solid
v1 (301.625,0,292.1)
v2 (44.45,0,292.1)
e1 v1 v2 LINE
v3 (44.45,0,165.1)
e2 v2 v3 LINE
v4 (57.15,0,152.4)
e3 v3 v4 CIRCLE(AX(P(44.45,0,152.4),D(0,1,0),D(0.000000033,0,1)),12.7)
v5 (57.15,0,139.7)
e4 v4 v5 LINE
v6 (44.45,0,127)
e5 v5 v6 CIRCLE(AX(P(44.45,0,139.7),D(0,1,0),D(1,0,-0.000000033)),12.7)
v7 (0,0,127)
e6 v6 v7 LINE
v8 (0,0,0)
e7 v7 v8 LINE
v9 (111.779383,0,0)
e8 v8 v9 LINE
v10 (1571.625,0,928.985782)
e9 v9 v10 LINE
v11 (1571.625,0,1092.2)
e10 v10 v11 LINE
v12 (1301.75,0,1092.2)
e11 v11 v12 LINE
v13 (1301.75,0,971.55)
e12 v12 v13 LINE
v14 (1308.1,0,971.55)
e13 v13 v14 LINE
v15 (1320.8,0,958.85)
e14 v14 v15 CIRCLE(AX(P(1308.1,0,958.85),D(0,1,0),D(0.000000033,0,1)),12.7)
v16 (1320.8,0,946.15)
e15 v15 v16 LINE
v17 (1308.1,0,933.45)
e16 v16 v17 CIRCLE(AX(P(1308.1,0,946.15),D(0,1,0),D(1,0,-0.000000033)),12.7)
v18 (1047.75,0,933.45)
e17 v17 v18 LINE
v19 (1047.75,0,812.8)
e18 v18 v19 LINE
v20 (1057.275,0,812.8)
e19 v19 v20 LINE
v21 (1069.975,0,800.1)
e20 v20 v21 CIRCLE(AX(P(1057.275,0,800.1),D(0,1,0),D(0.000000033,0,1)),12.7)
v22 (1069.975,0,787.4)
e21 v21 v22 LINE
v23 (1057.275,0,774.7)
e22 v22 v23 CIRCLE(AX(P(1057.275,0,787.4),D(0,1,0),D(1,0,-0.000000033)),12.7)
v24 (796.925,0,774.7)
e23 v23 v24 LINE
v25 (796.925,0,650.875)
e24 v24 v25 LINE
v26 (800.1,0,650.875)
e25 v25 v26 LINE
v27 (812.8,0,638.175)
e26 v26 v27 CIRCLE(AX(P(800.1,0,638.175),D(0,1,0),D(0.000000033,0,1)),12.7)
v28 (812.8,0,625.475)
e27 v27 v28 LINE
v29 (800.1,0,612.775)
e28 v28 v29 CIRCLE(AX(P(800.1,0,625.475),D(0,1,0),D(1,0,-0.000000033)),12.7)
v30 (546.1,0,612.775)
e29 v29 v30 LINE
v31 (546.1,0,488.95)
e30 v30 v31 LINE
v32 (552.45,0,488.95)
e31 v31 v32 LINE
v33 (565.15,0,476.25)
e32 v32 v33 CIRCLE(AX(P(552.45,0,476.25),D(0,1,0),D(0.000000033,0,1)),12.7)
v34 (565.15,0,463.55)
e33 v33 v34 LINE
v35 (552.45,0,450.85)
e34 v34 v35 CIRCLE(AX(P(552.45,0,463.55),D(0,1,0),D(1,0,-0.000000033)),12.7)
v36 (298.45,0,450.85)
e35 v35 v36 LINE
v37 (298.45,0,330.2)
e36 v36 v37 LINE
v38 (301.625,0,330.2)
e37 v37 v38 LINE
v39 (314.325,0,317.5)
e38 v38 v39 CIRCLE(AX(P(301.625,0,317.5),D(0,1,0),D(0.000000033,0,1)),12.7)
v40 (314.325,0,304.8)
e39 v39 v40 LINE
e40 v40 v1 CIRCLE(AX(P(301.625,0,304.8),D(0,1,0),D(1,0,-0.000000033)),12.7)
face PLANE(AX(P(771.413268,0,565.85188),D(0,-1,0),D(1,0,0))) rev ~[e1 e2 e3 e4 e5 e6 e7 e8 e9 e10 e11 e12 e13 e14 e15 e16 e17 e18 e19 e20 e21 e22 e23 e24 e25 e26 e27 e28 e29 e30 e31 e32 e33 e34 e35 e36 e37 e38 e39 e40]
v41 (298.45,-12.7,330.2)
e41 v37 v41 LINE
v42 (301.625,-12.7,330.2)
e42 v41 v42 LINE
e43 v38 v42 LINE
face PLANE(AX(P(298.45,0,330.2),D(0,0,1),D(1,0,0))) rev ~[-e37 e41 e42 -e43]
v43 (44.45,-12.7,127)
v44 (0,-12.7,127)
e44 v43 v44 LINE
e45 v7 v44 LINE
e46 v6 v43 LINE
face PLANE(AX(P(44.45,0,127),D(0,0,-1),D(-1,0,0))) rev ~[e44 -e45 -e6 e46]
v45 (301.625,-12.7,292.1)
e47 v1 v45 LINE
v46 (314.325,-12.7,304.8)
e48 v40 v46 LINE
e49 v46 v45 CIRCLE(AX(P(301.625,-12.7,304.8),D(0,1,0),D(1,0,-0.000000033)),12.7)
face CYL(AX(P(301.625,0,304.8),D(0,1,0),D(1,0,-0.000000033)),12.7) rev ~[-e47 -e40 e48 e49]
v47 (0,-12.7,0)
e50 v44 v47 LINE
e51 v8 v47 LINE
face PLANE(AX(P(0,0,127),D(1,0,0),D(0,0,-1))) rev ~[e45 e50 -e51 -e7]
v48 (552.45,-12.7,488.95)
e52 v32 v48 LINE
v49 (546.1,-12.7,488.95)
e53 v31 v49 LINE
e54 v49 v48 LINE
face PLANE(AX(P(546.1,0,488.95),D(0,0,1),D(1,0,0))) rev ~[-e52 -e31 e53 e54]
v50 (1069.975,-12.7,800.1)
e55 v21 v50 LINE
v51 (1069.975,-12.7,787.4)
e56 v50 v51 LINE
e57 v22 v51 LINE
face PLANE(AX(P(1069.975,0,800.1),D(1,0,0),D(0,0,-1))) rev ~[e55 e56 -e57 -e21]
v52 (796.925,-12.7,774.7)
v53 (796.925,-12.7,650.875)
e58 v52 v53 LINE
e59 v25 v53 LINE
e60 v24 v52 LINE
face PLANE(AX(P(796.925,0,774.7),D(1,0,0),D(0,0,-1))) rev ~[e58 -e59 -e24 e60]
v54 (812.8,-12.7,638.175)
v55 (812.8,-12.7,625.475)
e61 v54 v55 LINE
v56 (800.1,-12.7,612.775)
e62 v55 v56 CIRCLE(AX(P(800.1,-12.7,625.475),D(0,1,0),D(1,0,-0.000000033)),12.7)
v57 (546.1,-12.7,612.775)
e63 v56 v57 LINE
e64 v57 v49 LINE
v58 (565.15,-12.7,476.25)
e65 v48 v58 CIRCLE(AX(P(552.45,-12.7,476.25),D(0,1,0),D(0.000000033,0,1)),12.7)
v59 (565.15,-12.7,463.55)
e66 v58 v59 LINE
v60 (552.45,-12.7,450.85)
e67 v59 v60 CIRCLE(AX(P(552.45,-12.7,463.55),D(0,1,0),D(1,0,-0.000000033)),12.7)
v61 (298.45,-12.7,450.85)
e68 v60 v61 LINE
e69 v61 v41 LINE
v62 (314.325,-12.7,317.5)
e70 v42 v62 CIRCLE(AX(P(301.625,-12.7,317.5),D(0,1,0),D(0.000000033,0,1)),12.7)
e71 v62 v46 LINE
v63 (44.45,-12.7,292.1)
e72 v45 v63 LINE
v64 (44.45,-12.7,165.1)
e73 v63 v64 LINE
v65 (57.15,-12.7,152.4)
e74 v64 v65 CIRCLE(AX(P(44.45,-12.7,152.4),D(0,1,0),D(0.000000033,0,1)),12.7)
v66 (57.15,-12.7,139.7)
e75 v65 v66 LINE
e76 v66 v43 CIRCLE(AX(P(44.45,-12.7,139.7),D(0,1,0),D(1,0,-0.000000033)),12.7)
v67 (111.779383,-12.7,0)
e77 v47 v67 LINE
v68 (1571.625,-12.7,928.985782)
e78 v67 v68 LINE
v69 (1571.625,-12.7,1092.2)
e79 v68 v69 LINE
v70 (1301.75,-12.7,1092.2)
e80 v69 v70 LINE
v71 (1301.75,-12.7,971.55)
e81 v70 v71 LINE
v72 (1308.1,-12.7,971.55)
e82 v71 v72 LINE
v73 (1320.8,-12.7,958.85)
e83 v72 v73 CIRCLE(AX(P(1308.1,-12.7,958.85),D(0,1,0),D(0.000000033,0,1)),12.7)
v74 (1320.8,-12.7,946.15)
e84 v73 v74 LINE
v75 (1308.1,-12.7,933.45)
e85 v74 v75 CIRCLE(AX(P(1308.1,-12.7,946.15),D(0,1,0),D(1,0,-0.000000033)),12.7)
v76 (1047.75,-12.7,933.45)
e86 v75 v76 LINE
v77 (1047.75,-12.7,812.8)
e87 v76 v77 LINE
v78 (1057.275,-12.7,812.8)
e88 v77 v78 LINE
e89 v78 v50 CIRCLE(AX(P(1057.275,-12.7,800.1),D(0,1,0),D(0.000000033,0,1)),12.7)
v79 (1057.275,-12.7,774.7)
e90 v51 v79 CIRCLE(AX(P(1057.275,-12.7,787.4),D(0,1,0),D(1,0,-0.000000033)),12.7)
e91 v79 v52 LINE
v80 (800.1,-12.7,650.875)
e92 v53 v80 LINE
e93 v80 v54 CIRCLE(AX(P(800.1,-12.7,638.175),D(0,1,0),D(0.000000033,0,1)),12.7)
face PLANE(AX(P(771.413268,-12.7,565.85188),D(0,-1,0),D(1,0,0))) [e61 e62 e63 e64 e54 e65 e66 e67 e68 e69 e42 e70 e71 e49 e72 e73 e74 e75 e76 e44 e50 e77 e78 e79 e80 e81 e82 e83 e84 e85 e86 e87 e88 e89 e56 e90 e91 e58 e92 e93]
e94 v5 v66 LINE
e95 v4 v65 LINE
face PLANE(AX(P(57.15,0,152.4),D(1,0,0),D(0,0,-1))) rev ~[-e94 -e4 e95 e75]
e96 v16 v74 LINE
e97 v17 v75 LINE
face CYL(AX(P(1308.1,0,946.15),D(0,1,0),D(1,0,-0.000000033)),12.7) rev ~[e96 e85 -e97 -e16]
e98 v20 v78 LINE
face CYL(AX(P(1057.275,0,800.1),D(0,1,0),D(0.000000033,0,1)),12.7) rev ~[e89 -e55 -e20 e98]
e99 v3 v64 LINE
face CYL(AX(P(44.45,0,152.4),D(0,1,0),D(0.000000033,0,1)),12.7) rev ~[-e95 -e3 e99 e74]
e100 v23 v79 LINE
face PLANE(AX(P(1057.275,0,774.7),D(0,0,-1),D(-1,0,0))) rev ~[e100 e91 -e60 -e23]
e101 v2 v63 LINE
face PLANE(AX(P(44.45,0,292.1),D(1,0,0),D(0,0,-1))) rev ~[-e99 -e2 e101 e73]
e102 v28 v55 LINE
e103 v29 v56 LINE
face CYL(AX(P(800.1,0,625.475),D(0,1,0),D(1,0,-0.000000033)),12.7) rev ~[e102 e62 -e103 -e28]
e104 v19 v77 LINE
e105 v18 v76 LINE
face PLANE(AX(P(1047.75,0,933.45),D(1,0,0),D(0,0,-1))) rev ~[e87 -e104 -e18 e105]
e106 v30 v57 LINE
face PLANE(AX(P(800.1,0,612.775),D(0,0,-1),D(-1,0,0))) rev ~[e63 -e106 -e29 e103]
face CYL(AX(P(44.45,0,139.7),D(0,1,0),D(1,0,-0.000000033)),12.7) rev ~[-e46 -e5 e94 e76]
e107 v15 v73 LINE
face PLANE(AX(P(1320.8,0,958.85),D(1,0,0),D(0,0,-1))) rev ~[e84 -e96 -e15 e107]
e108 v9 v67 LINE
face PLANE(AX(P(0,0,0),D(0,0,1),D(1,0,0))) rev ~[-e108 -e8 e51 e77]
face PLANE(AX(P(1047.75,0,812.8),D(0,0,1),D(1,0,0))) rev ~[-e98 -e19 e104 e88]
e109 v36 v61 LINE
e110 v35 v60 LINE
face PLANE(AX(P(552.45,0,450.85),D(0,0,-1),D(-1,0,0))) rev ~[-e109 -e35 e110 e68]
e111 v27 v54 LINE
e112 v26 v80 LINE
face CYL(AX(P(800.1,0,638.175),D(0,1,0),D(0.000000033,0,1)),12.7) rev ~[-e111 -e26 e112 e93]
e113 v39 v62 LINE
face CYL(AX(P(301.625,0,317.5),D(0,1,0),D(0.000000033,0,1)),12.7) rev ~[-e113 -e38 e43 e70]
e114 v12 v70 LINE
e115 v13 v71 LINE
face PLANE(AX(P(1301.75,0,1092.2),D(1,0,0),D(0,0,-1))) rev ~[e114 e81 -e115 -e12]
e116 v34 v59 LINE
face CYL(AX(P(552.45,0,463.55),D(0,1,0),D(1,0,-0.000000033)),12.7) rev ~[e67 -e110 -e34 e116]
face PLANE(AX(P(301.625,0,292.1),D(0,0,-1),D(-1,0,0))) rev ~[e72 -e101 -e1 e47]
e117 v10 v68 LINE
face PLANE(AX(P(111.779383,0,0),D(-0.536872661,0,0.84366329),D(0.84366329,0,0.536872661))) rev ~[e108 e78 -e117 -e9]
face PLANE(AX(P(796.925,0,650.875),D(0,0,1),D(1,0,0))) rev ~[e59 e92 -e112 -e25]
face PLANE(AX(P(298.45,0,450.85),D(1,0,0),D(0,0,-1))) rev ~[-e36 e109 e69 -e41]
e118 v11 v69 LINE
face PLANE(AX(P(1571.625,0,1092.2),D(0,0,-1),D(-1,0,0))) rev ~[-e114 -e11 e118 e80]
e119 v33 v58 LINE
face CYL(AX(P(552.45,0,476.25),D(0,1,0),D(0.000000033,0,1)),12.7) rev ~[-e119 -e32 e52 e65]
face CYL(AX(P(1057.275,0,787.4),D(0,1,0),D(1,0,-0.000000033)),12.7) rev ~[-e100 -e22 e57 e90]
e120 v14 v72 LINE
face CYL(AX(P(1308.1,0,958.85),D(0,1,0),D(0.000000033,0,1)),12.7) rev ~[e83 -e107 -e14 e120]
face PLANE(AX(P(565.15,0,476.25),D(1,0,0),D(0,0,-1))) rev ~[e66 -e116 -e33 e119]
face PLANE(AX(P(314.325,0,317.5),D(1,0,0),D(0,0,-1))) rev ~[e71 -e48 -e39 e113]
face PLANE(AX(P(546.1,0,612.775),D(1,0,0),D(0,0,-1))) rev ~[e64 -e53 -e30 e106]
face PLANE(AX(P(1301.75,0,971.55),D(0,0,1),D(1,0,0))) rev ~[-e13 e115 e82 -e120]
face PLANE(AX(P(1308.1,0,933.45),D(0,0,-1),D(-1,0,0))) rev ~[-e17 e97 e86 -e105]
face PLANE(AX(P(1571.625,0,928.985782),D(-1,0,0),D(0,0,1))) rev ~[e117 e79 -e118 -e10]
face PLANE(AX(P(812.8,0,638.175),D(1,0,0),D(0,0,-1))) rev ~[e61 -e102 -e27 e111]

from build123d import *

# Parameters (mm, degrees)
F1_DEPTH = 12.7


with BuildPart() as f1:
    # F0 (on Front) → F1 (new body)
    with BuildSketch(Plane.XZ):
        with BuildLine():
            Line((0, 127), (0, 0))
            Line((0, 0), (111.779383, 0))
            Line((111.779383, 0), (1571.625, 928.985782))
            Line((1571.625, 928.985782), (1571.625, 1092.2))
            Line((1571.625, 1092.2), (1301.75, 1092.2))
            Line((1301.75, 1092.2), (1301.75, 971.55))
            Line((1301.75, 971.55), (1308.1, 971.55))
            ThreePointArc((1308.1, 971.55), (1317.080256, 967.830256), (1320.8, 958.85))
            Line((1320.8, 958.85), (1320.8, 946.15))
            ThreePointArc((1320.8, 946.15), (1317.080256, 937.169744), (1308.1, 933.45))
            Line((1308.1, 933.45), (1047.75, 933.45))
            Line((1047.75, 933.45), (1047.75, 812.8))
            Line((1047.75, 812.8), (1057.275, 812.8))
            ThreePointArc((1057.275, 812.8), (1066.255256, 809.080256), (1069.975, 800.1))
            Line((1069.975, 800.1), (1069.975, 787.4))
            ThreePointArc((1069.975, 787.4), (1066.255256, 778.419744), (1057.275, 774.7))
            Line((1057.275, 774.7), (796.925, 774.7))
            Line((796.925, 774.7), (796.925, 650.875))
            Line((796.925, 650.875), (800.1, 650.875))
            ThreePointArc((800.1, 650.875), (809.080256, 647.155256), (812.8, 638.175))
            Line((812.8, 638.175), (812.8, 625.475))
            ThreePointArc((812.8, 625.475), (809.080256, 616.494744), (800.1, 612.775))
            Line((800.1, 612.775), (546.1, 612.775))
            Line((546.1, 612.775), (546.1, 488.95))
            Line((546.1, 488.95), (552.45, 488.95))
            ThreePointArc((552.45, 488.95), (561.430256, 485.230256), (565.15, 476.25))
            Line((565.15, 476.25), (565.15, 463.55))
            ThreePointArc((565.15, 463.55), (561.430256, 454.569744), (552.45, 450.85))
            Line((552.45, 450.85), (298.45, 450.85))
            Line((298.45, 450.85), (298.45, 330.2))
            Line((298.45, 330.2), (301.625, 330.2))
            ThreePointArc((301.625, 330.2), (310.605256, 326.480256), (314.325, 317.5))
            Line((314.325, 317.5), (314.325, 304.8))
            ThreePointArc((314.325, 304.8), (310.605256, 295.819744), (301.625, 292.1))
            Line((301.625, 292.1), (44.45, 292.1))
            Line((44.45, 292.1), (44.45, 165.1))
            ThreePointArc((44.45, 165.1), (53.430256, 161.380256), (57.15, 152.4))
            Line((57.15, 152.4), (57.15, 139.7))
            ThreePointArc((57.15, 139.7), (53.430256, 130.719744), (44.45, 127))
            Line((44.45, 127), (0, 127))
        make_face()
    extrude(amount=F1_DEPTH)


solid = f1.part
